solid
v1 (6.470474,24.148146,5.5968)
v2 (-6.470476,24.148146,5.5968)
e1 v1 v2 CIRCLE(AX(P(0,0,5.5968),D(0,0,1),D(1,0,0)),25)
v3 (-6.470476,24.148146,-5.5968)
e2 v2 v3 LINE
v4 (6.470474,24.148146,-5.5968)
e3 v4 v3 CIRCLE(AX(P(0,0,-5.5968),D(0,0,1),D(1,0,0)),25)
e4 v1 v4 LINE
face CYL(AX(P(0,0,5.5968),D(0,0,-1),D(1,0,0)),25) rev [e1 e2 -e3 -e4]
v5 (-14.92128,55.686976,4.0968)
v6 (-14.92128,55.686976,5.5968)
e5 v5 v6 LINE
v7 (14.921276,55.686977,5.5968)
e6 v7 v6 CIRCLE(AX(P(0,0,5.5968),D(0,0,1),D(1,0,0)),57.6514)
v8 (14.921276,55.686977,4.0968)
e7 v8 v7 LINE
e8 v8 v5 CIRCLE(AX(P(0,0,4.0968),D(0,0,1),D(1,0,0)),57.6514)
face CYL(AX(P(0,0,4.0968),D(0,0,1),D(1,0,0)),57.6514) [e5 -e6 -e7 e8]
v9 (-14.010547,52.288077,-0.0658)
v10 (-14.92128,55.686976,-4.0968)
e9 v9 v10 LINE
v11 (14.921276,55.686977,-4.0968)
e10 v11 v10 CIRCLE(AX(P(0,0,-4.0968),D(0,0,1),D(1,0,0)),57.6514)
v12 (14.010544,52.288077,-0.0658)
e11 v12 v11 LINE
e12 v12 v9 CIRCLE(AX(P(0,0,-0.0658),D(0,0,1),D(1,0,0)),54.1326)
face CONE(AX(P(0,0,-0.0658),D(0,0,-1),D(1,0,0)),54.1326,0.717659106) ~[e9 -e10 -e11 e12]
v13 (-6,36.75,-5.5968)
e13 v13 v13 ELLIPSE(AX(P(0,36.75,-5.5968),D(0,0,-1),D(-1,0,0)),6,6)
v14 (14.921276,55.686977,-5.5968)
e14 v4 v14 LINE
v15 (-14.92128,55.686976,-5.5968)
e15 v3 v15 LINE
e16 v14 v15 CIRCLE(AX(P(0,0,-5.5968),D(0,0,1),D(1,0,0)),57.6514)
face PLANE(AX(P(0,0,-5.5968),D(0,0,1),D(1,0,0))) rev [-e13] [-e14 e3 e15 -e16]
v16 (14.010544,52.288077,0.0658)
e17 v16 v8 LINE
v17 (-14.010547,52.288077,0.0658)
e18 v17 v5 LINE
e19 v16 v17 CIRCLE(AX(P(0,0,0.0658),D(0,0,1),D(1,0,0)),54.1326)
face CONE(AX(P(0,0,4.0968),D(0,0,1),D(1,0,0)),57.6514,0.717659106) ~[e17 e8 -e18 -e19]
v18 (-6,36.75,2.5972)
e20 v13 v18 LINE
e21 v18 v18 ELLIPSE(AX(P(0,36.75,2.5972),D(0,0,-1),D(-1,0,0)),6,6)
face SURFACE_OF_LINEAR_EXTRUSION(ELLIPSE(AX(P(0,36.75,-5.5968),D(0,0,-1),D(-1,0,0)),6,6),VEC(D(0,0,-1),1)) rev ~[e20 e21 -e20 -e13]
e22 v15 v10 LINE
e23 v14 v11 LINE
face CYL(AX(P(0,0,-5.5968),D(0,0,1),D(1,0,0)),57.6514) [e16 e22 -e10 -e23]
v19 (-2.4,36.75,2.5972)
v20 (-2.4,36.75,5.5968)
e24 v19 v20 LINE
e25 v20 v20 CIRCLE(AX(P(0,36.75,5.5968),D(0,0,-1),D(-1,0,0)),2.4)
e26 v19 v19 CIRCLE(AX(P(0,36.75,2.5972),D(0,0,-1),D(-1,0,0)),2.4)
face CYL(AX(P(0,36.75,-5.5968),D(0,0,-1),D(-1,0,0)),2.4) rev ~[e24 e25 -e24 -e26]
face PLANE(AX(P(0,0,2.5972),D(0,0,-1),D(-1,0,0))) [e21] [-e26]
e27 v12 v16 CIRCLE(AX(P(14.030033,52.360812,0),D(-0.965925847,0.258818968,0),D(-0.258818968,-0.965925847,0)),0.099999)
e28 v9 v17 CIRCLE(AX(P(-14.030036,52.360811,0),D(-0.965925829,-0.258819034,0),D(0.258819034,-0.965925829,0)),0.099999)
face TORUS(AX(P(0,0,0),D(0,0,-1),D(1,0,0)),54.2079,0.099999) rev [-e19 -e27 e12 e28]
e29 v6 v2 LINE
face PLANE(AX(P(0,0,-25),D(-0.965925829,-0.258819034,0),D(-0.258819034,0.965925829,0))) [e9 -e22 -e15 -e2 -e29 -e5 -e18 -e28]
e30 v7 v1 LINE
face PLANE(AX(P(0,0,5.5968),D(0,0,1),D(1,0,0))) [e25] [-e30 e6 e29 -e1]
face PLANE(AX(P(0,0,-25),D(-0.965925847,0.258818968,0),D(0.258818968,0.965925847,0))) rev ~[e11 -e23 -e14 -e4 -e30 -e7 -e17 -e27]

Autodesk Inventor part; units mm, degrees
ref_plane "YZ Plane" through (0, 0, 0) normal (1, 0, 0) x (0, 1, 0)
ref_plane "XZ Plane" through (0, 0, 0) normal (0, 1, 0) x (-1, 0, 0)
sketch "Sketch1" plane through (0, 0, 0) normal (0, 0, 1) x (1, 0, 0)
  circle A0 centre (0, 0) radius 59.2469 construction
  line L0 (0, 0) -> (59.2469, 0)
  line L1 (0, 0) -> (59.2469, 4.025)
  line L2 (59.2469, 0) -> (59.2469, 4.025)
  circle A1 centre (0, 0) radius 75
  point P0 (56.8, 0)
  dimension "d56" = 59.2469
  dimension "d57" = 4.025
  dimension "d400" = 75
  dimension "d495" = 2.5
  dimension "d496" = 8
  dimension "d531" = 5.5
  dimension "d532" = 5.5
  dimension "d533" = 5.5
  dimension "d537" = 24.5
  dimension "d538" = 3
  dimension "d543" = 5.5
  dimension "d549" = 3
  dimension "d550" = 3
  dimension "d567" = 5.5
  dimension "d568" = 5.5
sketch "Sketch7" plane through (0, 0, 0) normal (0, 1, 0) x (-1, 0, 0)
  line L0 (0, 0) -> (0, 61.9844)
  line L1 (0, 0) -> (-59.2469, 0) construction
  line L2 (0, 61.9844) -> (-59.2469, 0) construction
  line L3 (0, 61.9844) -> (-64.8494, 0) construction
  line L4 (0, 61.9844) -> (-58.9939, -5.5968) construction
  line L5 (0, 0) -> (0, -61.9844)
  line L6 (0, -61.9844) -> (-59.2469, 0) construction
  line L7 (0, -61.9844) -> (-64.8494, 0) construction
  line L8 (0, -61.9844) -> (-58.9939, 5.5968) construction
  line L9 (-58.9939, 5.5968) -> (-64.8494, 0) construction
  line L10 (-54.1083, 0) -> (-62.8579, -8.363) construction
  line L11 (-54.1083, 0) -> (-38.773, -14.6579) construction
  line L12 (0, -94.3812) -> (0, 132.3969) projected
  line L13 (-75, -5.9919) -> (-75, 6.008)
  line L14 (105, 0) -> (-105, 0) projected
  line L15 (-62.0481, 2.6775) -> (-56.4456, -2.6775) construction
  line L16 (-56.4456, 2.6775) -> (-62.0481, -2.6775) construction
  line L17 (-26.151, -15.9303) -> (-40.3783, -15.9303) construction
  line L18 (-40.3783, -15.9303) -> (-40.3783, -12.7539) construction
  line L19 (-40.3783, -12.7539) -> (-26.151, -12.7539) construction
  line L20 (-26.151, -12.7539) -> (-26.151, -15.9303) construction
  point P0 (-75, 0)
  dimension "Roller_Side_difference" = -0.0002
  dimension "d90" = 61.9844
  dimension "d201" = 75
  dimension "d343" = 92.587
  dimension "d344" = 92.588
  dimension "d367" = 8.1
sketch "Roller1" plane through (0, 0, 0) normal (0, 1, 0) x (-1, 0, 0)
  line L0 (0, 61.9844) -> (-58.9939, -5.5968) construction
  line L1 (0, 61.9844) -> (-64.8494, 0) construction
  line L2 (-54.1083, 0) -> (-38.773, -14.6579) construction
  line L3 (0, -61.9844) -> (-64.8494, 0) construction
  line L4 (-54.0606, 0.0927) -> (-58.9462, -5.5041)
  line L5 (-58.9462, -5.5041) -> (-64.7589, 0.0519)
  line L6 (-64.7589, 0.0519) -> (-59.3884, 5.1851)
  line L7 (-59.3884, 5.1851) -> (-54.0606, 0.0927)
  line L8 (-56.0019, 1.9482) -> (-61.1299, -3.4168)
  line L9 (-61.8526, -2.7261) -> (-56.7246, 2.639)
  point P0 (0, 0)
  dimension "d345" = 0.025
  dimension "d346" = 0.025
  dimension "d347" = 0.1
  dimension "d348" = 0.1
  dimension "d349" = 272.588
  dimension "d350" = 272.587
  dimension "d617" = 0.9997
sketch "Roller2" plane through (0, 0, 0) normal (0, 1, 0) x (-1, 0, 0)
  line L0 (0, -61.9844) -> (-58.9939, 5.5968) construction
  line L1 (-54.1083, 0) -> (-62.8579, -8.363) construction
  line L2 (0, -61.9844) -> (-64.8494, 0) construction
  line L3 (0, 61.9844) -> (-64.8494, 0) construction
  line L4 (-58.9956, 5.5606) -> (-54.1429, 0.0016)
  line L5 (-54.1429, 0.0016) -> (-59.4789, -5.0987)
  line L6 (-59.4789, -5.0987) -> (-64.8132, 0)
  line L7 (-64.8132, 0) -> (-58.9956, 5.5606)
  line L8 (-61.9044, 2.7803) -> (-56.8109, -2.5486)
  line L9 (-61.1815, 3.4713) -> (-56.088, -1.8576)
  point P0 (0, 0)
  dimension "d351" = 0.025
  dimension "d352" = 0.025
  dimension "d354" = 0.025
  dimension "d355" = 92.587
  dimension "d356" = 92.588
  dimension "d370" = 0.025
  dimension "d371" = 1
sketch "Sketch22" plane through (0, 0, 0) normal (0, 1, 0) x (-1, 0, 0)
  line L0 (-31.756, 8.0215) -> (-17.5287, 8.0215) construction
  line L1 (-17.5287, 8.0215) -> (-17.5287, 4.8451) construction
  line L2 (-17.5287, 4.8451) -> (-31.756, 4.8451) construction
  line L3 (-31.756, 4.8451) -> (-31.756, 8.0215) construction
  point P0 (0, 0)
  dimension "Roller_Side_difference" = -0.0002
sketch "Sketch2" plane through (0, 0, 0) normal (0, 1, 0) x (-1, 0, 0)
  line L0 (0, 0) -> (0, 59.2469) construction
  line L1 (0, 0) -> (-59.2469, 0) projected
  line L2 (0, 0) -> (0, -59.2469)
  line L3 (0, -59.2469) -> (-59.2469, 0) construction
  line L4 (0, 59.2469) -> (-59.2469, 0) construction
  line L5 (-50.4879, 53.555) -> (0, 59.2469) construction
  line L6 (-29.7354, 7.189) -> (0, 59.2469) construction
  line L7 (-29.7354, 7.189) -> (0, -59.2469) construction
  line L8 (-48.8381, -26.254) -> (0, -59.2469) construction
  point P0 (-40.4258, 18.8211)
sketch "Sketch23" plane through (0, 0, 0) normal (0, 1, 0) x (-1, 0, 0)
  line L0 (0, -61.9844) -> (-58.9939, 5.5968) construction
  line L1 (0, -61.9844) -> (-64.8494, 0) construction
  line L2 (0, 61.9844) -> (-58.9939, -5.5968) construction
  line L3 (-58.9939, 5.5968) -> (-64.8494, 0) construction
  line L4 (0, 61.9844) -> (-64.8494, 0) construction
  line L5 (-58.9939, 5.5968) -> (-58.9939, -5.5968) construction
  line L6 (105, 0) -> (-105, 0) projected
  line L7 (-57.6514, 4.0968) -> (-54.1326, 0.0658)
  line L8 (-54.1326, -0.0658) -> (-57.6514, -4.0968)
  line L9 (-60.5995, 4.0968) -> (-64.81, 0.0723)
  line L10 (-64.81, -0.0723) -> (-60.5995, -4.0968)
  arc A0 (-64.81, 0.0723) -> (-64.81, -0.0723) centre (-64.7409, 0) ccw
  arc A1 (-54.1326, -0.0658) -> (-54.1326, 0.0658) centre (-54.2079, 0) ccw
  line L11 (-57.6514, 4.0968) -> (-57.6514, 5.5968)
  line L12 (-57.6514, 5.5968) -> (-25, 5.5968)
  line L13 (-25, 5.5968) -> (-25, -5.5968)
  line L14 (-25, -5.5968) -> (-57.6514, -5.5968)
  line L15 (-57.6514, -5.5968) -> (-57.6514, -4.0968)
  line L16 (-60.5995, 4.0968) -> (-60.5995, 5.5968)
  line L17 (-60.5995, 5.5968) -> (-75, 5.5968)
  line L18 (-75, 5.5968) -> (-75, -5.5968)
  line L19 (-60.5995, -4.0968) -> (-60.5995, -5.5968)
  line L20 (-60.5995, -5.5968) -> (-75, -5.5968)
  line L21 (-58.9939, 5.5968) -> (-58.9939, 5.5968)
  line L22 (-58.9939, -5.5968) -> (-58.9939, -5.5968)
  line L23 (0, -94.3812) -> (0, 132.3969) projected
  line L24 (-64.8856, 0) -> (-75, 0)
  point P0 (0, 0)
  point P1 (-54.0752, 0)
  point P2 (-64.8409, 0)
  point P3 (-75, 0)
  dimension "d378" = 90
  dimension "d379" = 0.1
  dimension "d380" = 0.025
  dimension "d381" = 0.025
  dimension "d382" = 0.025
  dimension "d383" = 0.025
  dimension "d384" = 11.1935
  dimension "d385" = 0
  dimension "d386" = 0
  dimension "d391" = 25
  dimension "d392" = 75
  dimension "d393" = 1.5
  dimension "d394" = 1.5
  dimension "d395" = 1.5
  dimension "d396" = 1.5
revolve "RevRoller1" [suppressed]
fillet "Fillet1" [suppressed]
sketch "Sketch48" plane through (56.7246, 0, 2.639) normal (-0.691, 0, 0.7229) x (0.7229, 0, 0.691)
  line L0 (-2.5, 0.25) -> (2.5, 0.25)
  line L1 (2.5, 0.25) -> (2.5, -0.25)
  line L2 (2.5, -0.25) -> (-2.5, -0.25)
  line L3 (-2.5, -0.25) -> (-2.5, 0.25)
  line L4 (-2.5, 0.25) -> (2.5, -0.25) construction
  line L5 (2.5, 0.25) -> (-2.5, -0.25) construction
  line L6 (-0.25, -2.5) -> (0.25, -2.5)
  line L7 (0.25, -2.5) -> (0.25, 2.5)
  line L8 (0.25, 2.5) -> (-0.25, 2.5)
  line L9 (-0.25, 2.5) -> (-0.25, -2.5)
  line L10 (-0.25, -2.5) -> (0.25, 2.5) construction
  line L11 (0.25, -2.5) -> (-0.25, 2.5) construction
  point P0 (-42.8293, 0)
  point P1 (0, 0)
  point P2 (-0.25, 0.25)
  point P3 (-0.25, -0.25)
  point P4 (0.25, -0.25)
  point P5 (0.25, 0.25)
  dimension "d621" = 5
  dimension "d622" = 0.5
  dimension "d623" = 0.5
  dimension "d624" = 5
extrude "Extrusion39" [suppressed]
sketch "Sketch40" plane through (0, 0, -5.231) normal (0, 0, -1) x (-1, 0, 0)
  circle A0 centre (53.5, 0) radius 2.75 projected
  circle A1 centre (0, 0) radius 53.5 projected
  point P0 (53.4293, 2.7491)
  point P1 (53.4293, -2.7491)
  dimension "d585" = 8
  dimension "d587" = 1.75
  dimension "d589" = 3
  dimension "d592" = 2
  dimension "d593" = 12
  dimension "d594" = 12
  dimension "d611" = 360
pattern_circular "Circular Pattern13" [suppressed]
feature "Move Body7" [suppressed]
revolve "Revolution13" [suppressed]
fillet "Fillet3" [suppressed]
pattern_circular "Circular Pattern14" [suppressed]
feature "Move Body6" [suppressed]
revolve "Revolution14" add sketch "Sketch23" angle 360 about axis through (0, 0, -10) along (0, 0, 1) contours A1 L7 L11 L12 L13 L6 | L6 L13 L14 L15 L8 A1
revolve "OuterRim_Top2" [suppressed]
revolve "OuterRim_Bottom2" [suppressed]
ref_plane "Work Plane8" through (0, 0, 20) normal (0, 0, 1) x (1, 0, 0)
sketch "Sketch49" plane through (0, 0, 20) normal (0, 0, 1) x (1, 0, 0)
  circle A0 centre (0, 0) radius 75 projected
  circle A1 centre (0, 0) radius 60.5995 projected
  circle A2 centre (0, 0) radius 57.6514 projected
  circle A3 centre (0, 0) radius 25 projected
  circle A4 centre (0, 0) radius 69
  circle A5 centre (0, 0) radius 36.75
  point P0 (0, 69)
  point P1 (0, 36.75)
  point P2 (-40.5572, 55.8222)
  dimension "d629" = 69
  dimension "d630" = 73.5
  dimension "d649" = 36
sketch "Sketch50" plane through (0, 0, 5.5968) normal (0, 0, 1) x (1, 0, 0)
  point P0 (0, 0)
  point P1 (0, 69)
sketch "Sketch51" plane through (0, 0, -5.5968) normal (0, 0, -1) x (-1, 0, 0)
  circle A0 centre (0, 0) radius 75 projected
  circle A1 centre (0, 69) radius 2.75
  circle A2 centre (0, 69) radius 1.5
  circle A3 centre (-40.5572, 55.8222) radius 3.5
  circle A4 centre (-40.5572, 55.8222) radius 2
  dimension "d633" = 36
  dimension "d635" = 5.5
  dimension "d636" = 3
  dimension "d637" = 7
  dimension "d638" = 4
extrude "Extrusion40" [suppressed]
extrude "Extrusion41" [suppressed]
extrude "Extrusion42" [suppressed]
extrude "Extrusion43" [suppressed]
sketch "Sketch52" plane through (0, 0, 5.5968) normal (0, 0, 1) x (1, 0, 0)
  circle A0 centre (0, 69) radius 1.5
  circle A1 centre (-40.5572, 55.8222) radius 2
  line L0 (2.75, 67.4123) -> (0, 65.8246)
  line L1 (0, 65.8246) -> (-2.75, 67.4123)
  line L2 (-2.75, 67.4123) -> (-2.75, 70.5877)
  line L3 (-2.75, 70.5877) -> (0, 72.1754)
  line L4 (0, 72.1754) -> (2.75, 70.5877)
  line L5 (2.75, 70.5877) -> (2.75, 67.4123)
  circle A2 centre (0, 0) radius 75 projected
  line L6 (-39.2656, 58.7231) -> (-37.3992, 56.1541)
  line L7 (-36.5379, 56.2446) -> (-38.1817, 52.5526)
  line L8 (-38.1817, 52.5526) -> (-42.201, 52.1301)
  line L9 (-42.201, 52.1301) -> (-44.5765, 55.3997)
  line L10 (-44.5765, 55.3997) -> (-42.9327, 59.0918)
  line L11 (-42.9327, 59.0918) -> (-38.9134, 59.5142)
  line L12 (-38.9134, 59.5142) -> (-36.5379, 56.2446)
  dimension "d651" = 3
  dimension "d652" = 4
  dimension "d655" = 36
  dimension "d657" = 7
  dimension "d658" = 5.5
extrude "Extrusion44" [suppressed]
extrude "Extrusion45" [suppressed]
extrude "Extrusion46" [suppressed]
extrude "Extrusion47" [suppressed]
pattern_circular "Circular Pattern32" [suppressed]
pattern_circular "Circular Pattern33" [suppressed]
sketch "Sketch57" plane through (0, 0, -5.5968) normal (0, 0, -1) x (-1, 0, 0)
  line L0 (-3.175, 39.925) -> (3.175, 39.925)
  line L1 (3.175, 39.925) -> (3.175, 33.575)
  line L2 (3.175, 33.575) -> (-3.175, 33.575)
  line L3 (-3.175, 33.575) -> (-3.175, 39.925)
  line L4 (-3.175, 39.925) -> (3.175, 33.575) construction
  line L5 (3.175, 39.925) -> (-3.175, 33.575) construction
  ellipse E0 centre (0, 36.75) end of major axis (6, 36.75) minor radius 6
  circle A0 centre (0, 36.75) radius 2.4
  point P0 (0, 0)
  dimension "d694" = 6.35
  dimension "d695" = 6.35
  dimension "d696" = 6
  dimension "d697" = 6
  dimension "d705" = 4.8
extrude "Extrusion50" cut sketch "Sketch57" against normal blind 11.194 contours A0
extrude "Extrusion51" cut sketch "Sketch57" against normal blind 8.194 contours L0 L1 L2 L3 | E0 | A0
pattern_circular "Circular Pattern34" count 6 over 360 about axis through (0, 0, -4.8468) along (0, 0, 1) of "Extrusion50", "Extrusion51"
ref_plane "Work Plane9" through (0, 0, -25) normal (0, 0, 1) x (1, 0, 0)
sketch "Sketch58" plane through (0, 0, -25) normal (0, 0, 1) x (1, 0, 0)
  circle A0 centre (0, 0) radius 78.9709
  line L0 (0, 0) -> (0, 88.7109)
  line L1 (0, 0) -> (29.2038, 108.9901)
  line L2 (0, 0) -> (-27.1115, 101.1815)
  point P0 (-20.4392, 76.28)
  point P1 (20.4392, 76.28)
  dimension "d707" = 15
  dimension "d708" = 15
extrude "Extrusion52" cut sketch "Sketch58" along normal through all contours A0 L2 L1
equation "\"Roller_Side_difference\" = -0.000942deg"
equation "\"Cycloid_Top_Plate_Fasner_Inner\" = 61.25"
equation "\"Cycloid_Top_Plate_Fasner_Outer\" = 85.75"
equation "\"Roller_Hole_Radius\" = 1"
equation "\"Distance_To_Bearing\" = 85.74529"
equation "\"d514\" = 0.2"
equation "\"Machine_Screw_4mm_Head_Dept\" = 4"
equation "\"Machine_Screw_4mm_Head_Diameter\" = 7"
equation "\"Machine_Screw_4mm_HexNut_Thickness\" = 3"
equation "\"Machine_Screw_4mm_HexNut_Width\" = 6.9"
equation "\"Machine_Screw_4mm_Length\" = 8"
equation "\"Fastner_4mm_Hex_Nut_Width\" = 7"
equation "\"Fastner_4mm_Screw_Diameter\" = 4"
equation "\"Fastner_4mm_Screw_Head_Diameter\" = 7"
equation "\"Fastner_4mm_Hex_Nut_Hole_Dept\" = 3.19352"
equation "\"Fastner_4mm_Screw_Head_Hole_Dept\" = 4"
properties part number "Sectio_Right_OuterBearing_TBS"
